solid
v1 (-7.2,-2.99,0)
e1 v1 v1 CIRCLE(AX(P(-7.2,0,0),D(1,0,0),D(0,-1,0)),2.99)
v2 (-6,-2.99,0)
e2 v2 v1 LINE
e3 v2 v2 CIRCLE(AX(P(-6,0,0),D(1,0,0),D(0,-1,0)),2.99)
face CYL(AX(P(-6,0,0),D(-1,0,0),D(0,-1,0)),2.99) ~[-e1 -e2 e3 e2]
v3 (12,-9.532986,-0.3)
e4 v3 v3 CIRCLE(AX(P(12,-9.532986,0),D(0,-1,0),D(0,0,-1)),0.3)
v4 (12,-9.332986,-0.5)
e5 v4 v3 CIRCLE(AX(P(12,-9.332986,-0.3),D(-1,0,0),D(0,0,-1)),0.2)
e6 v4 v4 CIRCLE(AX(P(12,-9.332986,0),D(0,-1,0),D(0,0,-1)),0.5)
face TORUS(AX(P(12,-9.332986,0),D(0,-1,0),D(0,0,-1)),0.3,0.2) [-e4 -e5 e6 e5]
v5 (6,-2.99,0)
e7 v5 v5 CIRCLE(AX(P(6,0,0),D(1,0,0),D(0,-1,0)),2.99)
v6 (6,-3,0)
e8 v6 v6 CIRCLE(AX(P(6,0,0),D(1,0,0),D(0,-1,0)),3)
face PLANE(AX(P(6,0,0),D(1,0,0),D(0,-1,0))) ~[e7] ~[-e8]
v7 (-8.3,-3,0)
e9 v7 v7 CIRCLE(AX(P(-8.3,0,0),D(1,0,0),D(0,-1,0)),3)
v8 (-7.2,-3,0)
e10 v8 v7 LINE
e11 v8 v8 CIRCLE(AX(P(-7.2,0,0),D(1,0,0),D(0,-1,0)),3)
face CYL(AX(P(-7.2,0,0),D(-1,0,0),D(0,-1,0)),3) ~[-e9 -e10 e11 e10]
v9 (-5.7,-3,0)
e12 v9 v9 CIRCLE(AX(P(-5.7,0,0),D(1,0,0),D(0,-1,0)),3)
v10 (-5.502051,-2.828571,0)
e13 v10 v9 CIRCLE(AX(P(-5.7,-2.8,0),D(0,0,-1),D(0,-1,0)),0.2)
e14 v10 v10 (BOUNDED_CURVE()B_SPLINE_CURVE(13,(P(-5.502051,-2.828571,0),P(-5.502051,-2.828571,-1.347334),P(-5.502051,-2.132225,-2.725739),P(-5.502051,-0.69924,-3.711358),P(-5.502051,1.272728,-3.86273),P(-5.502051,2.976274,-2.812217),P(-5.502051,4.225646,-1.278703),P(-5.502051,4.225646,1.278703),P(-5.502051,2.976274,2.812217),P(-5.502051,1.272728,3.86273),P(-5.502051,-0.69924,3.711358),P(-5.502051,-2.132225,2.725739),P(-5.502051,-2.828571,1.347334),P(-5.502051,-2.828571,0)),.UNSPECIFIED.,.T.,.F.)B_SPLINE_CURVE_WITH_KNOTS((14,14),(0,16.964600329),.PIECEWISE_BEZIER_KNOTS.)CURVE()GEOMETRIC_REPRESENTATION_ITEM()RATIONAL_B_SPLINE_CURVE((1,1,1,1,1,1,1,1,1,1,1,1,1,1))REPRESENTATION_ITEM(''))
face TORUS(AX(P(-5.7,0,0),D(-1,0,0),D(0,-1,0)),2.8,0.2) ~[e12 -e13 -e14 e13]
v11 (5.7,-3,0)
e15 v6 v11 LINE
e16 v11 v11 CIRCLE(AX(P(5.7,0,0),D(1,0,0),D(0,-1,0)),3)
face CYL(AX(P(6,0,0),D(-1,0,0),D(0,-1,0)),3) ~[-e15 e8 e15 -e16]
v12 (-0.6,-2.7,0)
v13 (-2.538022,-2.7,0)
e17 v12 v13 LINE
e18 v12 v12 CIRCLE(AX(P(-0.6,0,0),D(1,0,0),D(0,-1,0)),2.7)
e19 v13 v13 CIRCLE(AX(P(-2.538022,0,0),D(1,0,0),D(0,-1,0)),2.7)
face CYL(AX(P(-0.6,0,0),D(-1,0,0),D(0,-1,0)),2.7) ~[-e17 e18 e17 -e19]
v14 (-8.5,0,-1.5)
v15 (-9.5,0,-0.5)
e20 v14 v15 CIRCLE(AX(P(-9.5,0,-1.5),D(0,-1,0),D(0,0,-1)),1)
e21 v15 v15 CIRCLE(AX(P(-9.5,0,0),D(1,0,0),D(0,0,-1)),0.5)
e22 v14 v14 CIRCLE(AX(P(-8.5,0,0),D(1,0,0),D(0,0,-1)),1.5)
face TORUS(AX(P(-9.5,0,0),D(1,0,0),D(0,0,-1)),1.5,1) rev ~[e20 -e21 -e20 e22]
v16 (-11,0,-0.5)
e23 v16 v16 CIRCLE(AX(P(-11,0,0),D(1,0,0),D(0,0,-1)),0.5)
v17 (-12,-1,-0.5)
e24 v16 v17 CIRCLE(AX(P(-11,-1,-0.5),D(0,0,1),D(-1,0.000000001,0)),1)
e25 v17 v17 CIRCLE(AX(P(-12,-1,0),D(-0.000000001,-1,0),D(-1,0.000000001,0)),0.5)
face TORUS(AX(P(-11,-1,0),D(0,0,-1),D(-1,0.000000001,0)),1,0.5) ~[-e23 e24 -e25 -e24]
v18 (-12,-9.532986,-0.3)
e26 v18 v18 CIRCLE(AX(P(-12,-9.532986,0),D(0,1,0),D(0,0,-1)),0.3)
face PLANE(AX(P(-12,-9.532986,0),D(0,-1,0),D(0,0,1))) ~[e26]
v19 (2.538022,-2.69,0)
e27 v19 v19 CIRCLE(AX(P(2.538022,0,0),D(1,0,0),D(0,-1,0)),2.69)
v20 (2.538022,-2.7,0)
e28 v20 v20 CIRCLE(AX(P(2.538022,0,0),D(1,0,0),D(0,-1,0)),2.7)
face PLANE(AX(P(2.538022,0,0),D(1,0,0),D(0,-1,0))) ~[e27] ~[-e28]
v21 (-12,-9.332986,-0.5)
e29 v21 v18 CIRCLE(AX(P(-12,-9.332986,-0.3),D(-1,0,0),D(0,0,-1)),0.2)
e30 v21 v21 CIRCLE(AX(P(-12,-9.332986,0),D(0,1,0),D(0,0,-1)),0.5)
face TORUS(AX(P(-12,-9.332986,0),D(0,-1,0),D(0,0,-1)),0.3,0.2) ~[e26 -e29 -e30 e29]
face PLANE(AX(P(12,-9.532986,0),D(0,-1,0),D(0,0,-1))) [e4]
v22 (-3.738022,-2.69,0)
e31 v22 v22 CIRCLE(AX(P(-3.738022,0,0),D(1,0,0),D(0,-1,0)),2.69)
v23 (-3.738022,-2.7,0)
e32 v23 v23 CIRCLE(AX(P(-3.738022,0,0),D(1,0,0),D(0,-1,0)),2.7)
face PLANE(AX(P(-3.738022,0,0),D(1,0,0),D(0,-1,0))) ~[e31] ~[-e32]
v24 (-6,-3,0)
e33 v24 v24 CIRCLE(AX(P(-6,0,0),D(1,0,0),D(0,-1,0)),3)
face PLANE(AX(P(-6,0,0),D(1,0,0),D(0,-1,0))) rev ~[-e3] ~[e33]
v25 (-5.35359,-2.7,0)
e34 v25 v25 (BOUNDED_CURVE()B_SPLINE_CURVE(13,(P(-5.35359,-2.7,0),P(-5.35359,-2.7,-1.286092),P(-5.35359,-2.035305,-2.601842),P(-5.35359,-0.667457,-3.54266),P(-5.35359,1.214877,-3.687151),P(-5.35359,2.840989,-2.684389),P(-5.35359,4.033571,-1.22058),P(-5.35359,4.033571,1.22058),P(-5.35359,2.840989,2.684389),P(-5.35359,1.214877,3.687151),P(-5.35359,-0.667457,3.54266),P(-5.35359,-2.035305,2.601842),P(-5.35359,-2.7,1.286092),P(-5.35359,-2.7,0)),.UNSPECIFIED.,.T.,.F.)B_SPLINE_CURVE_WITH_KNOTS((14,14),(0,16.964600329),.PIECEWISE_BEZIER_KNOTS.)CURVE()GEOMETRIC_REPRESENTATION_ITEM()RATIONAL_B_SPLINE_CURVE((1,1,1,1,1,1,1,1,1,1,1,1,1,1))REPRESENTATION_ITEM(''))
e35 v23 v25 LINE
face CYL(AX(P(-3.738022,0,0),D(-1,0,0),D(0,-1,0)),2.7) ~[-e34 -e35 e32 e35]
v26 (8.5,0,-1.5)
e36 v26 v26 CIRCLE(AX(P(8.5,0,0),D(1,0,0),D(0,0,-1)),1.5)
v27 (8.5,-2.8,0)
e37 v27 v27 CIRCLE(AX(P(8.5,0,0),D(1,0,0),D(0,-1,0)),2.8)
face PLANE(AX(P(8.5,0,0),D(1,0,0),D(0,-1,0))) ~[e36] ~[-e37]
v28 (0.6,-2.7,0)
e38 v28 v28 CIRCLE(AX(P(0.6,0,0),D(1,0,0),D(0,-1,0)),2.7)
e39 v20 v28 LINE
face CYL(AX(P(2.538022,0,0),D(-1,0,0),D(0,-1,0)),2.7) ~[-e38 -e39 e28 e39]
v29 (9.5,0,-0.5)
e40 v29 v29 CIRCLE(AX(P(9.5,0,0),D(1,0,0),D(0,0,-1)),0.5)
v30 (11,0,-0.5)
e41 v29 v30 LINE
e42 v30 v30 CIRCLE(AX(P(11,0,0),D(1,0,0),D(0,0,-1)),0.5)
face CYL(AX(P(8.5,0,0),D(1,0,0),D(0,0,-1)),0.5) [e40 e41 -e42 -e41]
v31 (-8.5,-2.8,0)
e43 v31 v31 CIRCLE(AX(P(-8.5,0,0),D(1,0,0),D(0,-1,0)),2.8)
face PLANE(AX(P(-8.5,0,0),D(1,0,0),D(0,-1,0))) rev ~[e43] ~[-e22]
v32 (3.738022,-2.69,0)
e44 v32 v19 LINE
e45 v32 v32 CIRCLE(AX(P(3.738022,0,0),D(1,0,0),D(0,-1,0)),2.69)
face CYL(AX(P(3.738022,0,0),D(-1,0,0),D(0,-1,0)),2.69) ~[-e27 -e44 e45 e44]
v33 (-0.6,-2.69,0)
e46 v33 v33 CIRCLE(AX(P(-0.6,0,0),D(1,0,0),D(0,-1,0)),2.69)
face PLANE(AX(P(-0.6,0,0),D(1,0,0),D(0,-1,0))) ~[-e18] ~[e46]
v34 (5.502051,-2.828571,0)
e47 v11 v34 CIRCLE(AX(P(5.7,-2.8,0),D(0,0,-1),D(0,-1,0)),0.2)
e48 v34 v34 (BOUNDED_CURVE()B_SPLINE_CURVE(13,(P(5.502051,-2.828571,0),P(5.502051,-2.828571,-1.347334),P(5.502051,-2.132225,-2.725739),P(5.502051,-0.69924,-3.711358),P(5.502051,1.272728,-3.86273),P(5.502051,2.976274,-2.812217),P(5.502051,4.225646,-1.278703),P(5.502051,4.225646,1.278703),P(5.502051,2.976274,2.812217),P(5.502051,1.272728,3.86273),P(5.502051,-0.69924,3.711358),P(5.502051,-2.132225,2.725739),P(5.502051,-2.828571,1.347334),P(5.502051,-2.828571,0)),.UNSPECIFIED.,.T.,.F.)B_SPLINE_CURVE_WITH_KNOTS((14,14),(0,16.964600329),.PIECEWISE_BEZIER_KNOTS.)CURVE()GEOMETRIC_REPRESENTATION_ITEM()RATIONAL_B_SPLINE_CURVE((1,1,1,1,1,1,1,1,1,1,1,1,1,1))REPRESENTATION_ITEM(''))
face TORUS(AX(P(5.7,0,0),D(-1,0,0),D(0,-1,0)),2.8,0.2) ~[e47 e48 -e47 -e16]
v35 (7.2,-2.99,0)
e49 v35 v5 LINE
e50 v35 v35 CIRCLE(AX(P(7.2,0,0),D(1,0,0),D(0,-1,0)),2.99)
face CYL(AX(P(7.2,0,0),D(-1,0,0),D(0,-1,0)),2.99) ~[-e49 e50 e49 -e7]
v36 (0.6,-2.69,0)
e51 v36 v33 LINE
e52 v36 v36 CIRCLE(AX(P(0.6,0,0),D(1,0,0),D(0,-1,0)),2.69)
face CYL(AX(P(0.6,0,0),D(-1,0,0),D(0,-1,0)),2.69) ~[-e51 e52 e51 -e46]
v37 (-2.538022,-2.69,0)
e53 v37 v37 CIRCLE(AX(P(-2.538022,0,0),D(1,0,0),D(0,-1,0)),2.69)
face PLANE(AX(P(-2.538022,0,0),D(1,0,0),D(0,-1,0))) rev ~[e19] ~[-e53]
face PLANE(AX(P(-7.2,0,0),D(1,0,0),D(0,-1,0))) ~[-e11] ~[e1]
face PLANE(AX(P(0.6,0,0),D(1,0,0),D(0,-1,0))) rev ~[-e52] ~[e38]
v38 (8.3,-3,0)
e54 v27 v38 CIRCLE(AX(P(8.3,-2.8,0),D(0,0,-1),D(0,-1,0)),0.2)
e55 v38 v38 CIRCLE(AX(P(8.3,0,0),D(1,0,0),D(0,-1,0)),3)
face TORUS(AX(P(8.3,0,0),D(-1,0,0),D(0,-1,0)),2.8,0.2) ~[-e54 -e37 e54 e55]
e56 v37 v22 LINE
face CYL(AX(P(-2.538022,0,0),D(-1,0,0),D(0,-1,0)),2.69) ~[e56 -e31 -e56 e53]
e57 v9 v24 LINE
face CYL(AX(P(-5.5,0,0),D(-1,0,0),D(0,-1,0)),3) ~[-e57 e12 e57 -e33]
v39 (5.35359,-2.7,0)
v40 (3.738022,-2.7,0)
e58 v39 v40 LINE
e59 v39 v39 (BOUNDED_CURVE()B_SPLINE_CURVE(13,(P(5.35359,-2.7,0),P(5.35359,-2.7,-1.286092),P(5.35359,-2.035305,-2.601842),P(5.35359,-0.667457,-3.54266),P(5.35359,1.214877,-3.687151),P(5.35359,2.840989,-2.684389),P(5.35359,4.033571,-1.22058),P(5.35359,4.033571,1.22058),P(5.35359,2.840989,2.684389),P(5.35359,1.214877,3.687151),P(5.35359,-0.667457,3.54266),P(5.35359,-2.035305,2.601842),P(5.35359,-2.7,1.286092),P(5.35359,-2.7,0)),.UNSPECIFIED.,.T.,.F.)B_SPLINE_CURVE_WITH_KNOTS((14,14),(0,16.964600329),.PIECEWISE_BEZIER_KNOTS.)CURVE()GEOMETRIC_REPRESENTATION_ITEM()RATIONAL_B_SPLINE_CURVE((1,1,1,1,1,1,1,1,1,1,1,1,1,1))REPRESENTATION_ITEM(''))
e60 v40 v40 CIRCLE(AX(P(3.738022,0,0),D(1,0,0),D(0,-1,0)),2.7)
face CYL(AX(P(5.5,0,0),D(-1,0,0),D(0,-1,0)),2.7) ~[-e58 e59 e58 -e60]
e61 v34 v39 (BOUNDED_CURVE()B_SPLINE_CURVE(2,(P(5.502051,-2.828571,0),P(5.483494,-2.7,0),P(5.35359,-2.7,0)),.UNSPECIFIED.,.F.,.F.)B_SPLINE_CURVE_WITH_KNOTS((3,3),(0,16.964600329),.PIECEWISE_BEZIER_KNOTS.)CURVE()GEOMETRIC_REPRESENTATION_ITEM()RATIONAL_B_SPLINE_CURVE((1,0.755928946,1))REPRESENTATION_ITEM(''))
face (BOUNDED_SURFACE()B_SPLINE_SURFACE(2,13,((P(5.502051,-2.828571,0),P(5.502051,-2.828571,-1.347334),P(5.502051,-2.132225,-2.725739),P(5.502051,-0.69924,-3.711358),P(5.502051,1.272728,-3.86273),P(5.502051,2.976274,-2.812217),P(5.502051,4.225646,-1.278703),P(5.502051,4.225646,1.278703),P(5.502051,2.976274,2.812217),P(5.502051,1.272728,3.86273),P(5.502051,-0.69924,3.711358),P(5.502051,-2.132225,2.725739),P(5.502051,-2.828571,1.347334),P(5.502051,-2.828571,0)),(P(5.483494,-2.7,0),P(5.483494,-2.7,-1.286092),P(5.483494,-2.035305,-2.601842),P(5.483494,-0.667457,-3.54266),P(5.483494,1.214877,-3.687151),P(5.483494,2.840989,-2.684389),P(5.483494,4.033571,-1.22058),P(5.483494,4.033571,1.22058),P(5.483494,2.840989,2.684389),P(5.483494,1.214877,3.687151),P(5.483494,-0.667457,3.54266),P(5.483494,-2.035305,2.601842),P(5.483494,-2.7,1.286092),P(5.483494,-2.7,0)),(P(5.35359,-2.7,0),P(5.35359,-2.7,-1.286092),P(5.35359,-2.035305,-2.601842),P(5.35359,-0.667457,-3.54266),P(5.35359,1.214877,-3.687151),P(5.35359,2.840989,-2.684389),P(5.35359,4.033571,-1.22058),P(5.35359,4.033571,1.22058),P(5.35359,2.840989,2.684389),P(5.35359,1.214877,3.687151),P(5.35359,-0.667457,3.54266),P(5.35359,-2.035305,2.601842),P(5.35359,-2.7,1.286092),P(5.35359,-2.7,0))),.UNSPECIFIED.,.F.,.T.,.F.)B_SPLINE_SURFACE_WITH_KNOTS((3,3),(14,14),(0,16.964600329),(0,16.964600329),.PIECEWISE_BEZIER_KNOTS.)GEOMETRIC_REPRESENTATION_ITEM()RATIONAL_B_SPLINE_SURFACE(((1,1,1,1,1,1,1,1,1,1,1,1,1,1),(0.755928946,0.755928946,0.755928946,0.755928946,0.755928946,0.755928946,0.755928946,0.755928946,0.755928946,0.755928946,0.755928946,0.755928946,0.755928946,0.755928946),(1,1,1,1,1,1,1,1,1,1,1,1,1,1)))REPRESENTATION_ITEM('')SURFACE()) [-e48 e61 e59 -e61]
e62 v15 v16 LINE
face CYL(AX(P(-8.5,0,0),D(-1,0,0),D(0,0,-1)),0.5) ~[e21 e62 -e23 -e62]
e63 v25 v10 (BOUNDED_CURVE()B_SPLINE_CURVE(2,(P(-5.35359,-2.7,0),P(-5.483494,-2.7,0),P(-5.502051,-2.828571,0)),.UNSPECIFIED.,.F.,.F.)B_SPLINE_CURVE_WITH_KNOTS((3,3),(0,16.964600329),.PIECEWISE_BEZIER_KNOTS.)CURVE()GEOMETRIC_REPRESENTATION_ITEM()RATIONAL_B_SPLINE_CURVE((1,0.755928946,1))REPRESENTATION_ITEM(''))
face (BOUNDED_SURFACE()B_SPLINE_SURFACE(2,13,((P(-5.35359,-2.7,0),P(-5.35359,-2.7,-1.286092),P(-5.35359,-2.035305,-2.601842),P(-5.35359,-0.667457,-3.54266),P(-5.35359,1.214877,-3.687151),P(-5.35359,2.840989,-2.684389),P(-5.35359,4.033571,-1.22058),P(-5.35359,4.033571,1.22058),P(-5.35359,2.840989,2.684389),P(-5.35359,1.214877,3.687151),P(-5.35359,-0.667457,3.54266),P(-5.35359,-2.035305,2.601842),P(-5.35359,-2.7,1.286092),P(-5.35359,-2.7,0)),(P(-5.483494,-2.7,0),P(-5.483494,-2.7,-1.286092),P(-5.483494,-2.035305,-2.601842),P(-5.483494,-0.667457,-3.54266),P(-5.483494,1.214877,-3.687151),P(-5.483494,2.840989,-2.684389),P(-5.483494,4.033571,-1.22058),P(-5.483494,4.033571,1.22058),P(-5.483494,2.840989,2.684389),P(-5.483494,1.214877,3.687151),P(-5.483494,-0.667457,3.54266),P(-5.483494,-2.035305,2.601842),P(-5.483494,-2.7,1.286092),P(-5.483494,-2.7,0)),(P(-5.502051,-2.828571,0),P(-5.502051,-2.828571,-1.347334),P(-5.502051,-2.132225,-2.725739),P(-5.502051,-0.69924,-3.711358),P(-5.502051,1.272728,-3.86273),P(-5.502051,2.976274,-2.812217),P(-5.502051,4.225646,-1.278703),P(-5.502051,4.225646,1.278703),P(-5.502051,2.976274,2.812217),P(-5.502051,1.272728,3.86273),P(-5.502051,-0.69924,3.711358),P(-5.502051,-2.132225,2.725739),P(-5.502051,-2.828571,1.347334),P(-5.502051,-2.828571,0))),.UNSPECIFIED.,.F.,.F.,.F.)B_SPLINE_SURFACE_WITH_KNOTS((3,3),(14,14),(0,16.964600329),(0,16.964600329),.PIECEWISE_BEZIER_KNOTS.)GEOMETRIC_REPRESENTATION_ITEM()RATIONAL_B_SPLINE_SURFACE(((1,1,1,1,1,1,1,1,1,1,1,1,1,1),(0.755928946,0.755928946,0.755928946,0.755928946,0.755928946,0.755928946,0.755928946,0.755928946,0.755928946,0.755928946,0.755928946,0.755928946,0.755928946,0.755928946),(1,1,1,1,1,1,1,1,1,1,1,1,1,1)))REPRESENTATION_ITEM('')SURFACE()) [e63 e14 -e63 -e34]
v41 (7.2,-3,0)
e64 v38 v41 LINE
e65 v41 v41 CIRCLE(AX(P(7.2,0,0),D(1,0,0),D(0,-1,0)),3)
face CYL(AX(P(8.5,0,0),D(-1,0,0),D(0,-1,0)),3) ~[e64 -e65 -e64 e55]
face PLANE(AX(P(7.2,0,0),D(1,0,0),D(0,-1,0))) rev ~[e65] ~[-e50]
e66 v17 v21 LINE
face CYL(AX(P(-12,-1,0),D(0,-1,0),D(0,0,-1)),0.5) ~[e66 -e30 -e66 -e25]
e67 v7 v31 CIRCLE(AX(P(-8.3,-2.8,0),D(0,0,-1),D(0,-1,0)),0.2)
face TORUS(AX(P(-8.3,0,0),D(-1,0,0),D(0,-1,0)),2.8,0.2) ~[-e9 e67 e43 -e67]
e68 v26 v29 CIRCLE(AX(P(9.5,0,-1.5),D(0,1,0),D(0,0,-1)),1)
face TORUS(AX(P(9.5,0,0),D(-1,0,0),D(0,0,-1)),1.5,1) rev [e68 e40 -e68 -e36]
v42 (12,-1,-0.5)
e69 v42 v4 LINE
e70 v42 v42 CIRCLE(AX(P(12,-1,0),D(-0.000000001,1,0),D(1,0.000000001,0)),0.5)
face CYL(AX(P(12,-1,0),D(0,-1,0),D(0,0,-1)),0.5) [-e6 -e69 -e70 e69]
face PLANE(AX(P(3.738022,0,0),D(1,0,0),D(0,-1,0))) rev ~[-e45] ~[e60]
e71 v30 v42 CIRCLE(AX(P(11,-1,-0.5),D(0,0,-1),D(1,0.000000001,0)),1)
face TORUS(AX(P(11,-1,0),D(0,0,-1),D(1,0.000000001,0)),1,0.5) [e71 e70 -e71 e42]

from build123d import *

# Parameters (mm, degrees)
SKETCH2_R = 0.5
FILLET1_R = 0.2
FILLET2_R = 0.15
FILLET5_R = 1
FILLET6_R = 0.2


with BuildPart() as part:
    # Sketch1 → Revolve1 (revolve)
    with BuildSketch(Plane.XY):
        Polygon((-8.5, 0), (8.5, 0), (8.5, -3), (7.2, -3), (7.2, -2.99), (6, -2.99), (6, -3), (5.5, -3), (5.5, -2.7), (3.738022236, -2.7), (3.738022236, -2.69), (2.538022236, -2.69), (2.538022236, -2.7), (0.6, -2.7), (0.6, -2.69), (-0.6, -2.69), (-0.6, -2.7), (-2.538022236, -2.7), (-2.538022236, -2.69), (-3.738022236, -2.69), (-3.738022236, -2.7), (-5.5, -2.7), (-5.5, -3), (-6, -3), (-6, -2.99), (-7.2, -2.99), (-7.2, -3), (-8.5, -3), align=None)
    revolve(axis=Axis((-8.5, 0, 0), (1, 0, 0)))

    # Sweep1: sweep along a curve in space
    with BuildLine() as sweep1_path:
        Line((8.5, 0, 0), (11, 0, 0))
        ThreePointArc((12, -1, 0), (11.707106781, -0.292893219, 0), (11, 0, 0))
        Line((12, -1, 0), (12, -9.532986199, 0))
    # Sketch2 → Sweep1 (sweep)
    with BuildSketch(Plane(origin=(8.5, 0, 0), x_dir=(0, 0, -1), z_dir=(1, 0, 0))):
        Circle(SKETCH2_R)
    sweep1 = sweep(path=sweep1_path.line)

    # Mirror1: Sweep1 across plane
    add(sweep1.mirror(Plane(origin=(0, 0, 0), x_dir=(0, 0, 1), z_dir=(1, 0, 0))))

    # Fillet1
    fillet1_edges = [part.edges().sort_by_distance(p)[0] for p in [
        (-8.5, 3, 0),
        (-5.5, 3, 0),
        (5.5, 3, 0),
        (8.5, 3, 0),
    ]]
    fillet(fillet1_edges, radius=FILLET1_R)

    # Fillet2
    fillet2_edges = [part.edges().sort_by_distance(p)[0] for p in [
        (-5.5, 2.7, 0),
        (5.5, 2.7, 0),
    ]]
    fillet(fillet2_edges, radius=FILLET2_R)

    # Fillet5
    fillet5_edges = [part.edges().sort_by_distance(p)[0] for p in [
        (8.5, 0, 0.5),
        (-8.5, 0, 0.5),
    ]]
    fillet(fillet5_edges, radius=FILLET5_R)

    # Fillet6
    fillet6_edges = [part.edges().sort_by_distance(p)[0] for p in [
        (12, -9.532986199, 0.5),
        (-12, -9.532986199, 0.5),
    ]]
    fillet(fillet6_edges, radius=FILLET6_R)


solid = part.part
